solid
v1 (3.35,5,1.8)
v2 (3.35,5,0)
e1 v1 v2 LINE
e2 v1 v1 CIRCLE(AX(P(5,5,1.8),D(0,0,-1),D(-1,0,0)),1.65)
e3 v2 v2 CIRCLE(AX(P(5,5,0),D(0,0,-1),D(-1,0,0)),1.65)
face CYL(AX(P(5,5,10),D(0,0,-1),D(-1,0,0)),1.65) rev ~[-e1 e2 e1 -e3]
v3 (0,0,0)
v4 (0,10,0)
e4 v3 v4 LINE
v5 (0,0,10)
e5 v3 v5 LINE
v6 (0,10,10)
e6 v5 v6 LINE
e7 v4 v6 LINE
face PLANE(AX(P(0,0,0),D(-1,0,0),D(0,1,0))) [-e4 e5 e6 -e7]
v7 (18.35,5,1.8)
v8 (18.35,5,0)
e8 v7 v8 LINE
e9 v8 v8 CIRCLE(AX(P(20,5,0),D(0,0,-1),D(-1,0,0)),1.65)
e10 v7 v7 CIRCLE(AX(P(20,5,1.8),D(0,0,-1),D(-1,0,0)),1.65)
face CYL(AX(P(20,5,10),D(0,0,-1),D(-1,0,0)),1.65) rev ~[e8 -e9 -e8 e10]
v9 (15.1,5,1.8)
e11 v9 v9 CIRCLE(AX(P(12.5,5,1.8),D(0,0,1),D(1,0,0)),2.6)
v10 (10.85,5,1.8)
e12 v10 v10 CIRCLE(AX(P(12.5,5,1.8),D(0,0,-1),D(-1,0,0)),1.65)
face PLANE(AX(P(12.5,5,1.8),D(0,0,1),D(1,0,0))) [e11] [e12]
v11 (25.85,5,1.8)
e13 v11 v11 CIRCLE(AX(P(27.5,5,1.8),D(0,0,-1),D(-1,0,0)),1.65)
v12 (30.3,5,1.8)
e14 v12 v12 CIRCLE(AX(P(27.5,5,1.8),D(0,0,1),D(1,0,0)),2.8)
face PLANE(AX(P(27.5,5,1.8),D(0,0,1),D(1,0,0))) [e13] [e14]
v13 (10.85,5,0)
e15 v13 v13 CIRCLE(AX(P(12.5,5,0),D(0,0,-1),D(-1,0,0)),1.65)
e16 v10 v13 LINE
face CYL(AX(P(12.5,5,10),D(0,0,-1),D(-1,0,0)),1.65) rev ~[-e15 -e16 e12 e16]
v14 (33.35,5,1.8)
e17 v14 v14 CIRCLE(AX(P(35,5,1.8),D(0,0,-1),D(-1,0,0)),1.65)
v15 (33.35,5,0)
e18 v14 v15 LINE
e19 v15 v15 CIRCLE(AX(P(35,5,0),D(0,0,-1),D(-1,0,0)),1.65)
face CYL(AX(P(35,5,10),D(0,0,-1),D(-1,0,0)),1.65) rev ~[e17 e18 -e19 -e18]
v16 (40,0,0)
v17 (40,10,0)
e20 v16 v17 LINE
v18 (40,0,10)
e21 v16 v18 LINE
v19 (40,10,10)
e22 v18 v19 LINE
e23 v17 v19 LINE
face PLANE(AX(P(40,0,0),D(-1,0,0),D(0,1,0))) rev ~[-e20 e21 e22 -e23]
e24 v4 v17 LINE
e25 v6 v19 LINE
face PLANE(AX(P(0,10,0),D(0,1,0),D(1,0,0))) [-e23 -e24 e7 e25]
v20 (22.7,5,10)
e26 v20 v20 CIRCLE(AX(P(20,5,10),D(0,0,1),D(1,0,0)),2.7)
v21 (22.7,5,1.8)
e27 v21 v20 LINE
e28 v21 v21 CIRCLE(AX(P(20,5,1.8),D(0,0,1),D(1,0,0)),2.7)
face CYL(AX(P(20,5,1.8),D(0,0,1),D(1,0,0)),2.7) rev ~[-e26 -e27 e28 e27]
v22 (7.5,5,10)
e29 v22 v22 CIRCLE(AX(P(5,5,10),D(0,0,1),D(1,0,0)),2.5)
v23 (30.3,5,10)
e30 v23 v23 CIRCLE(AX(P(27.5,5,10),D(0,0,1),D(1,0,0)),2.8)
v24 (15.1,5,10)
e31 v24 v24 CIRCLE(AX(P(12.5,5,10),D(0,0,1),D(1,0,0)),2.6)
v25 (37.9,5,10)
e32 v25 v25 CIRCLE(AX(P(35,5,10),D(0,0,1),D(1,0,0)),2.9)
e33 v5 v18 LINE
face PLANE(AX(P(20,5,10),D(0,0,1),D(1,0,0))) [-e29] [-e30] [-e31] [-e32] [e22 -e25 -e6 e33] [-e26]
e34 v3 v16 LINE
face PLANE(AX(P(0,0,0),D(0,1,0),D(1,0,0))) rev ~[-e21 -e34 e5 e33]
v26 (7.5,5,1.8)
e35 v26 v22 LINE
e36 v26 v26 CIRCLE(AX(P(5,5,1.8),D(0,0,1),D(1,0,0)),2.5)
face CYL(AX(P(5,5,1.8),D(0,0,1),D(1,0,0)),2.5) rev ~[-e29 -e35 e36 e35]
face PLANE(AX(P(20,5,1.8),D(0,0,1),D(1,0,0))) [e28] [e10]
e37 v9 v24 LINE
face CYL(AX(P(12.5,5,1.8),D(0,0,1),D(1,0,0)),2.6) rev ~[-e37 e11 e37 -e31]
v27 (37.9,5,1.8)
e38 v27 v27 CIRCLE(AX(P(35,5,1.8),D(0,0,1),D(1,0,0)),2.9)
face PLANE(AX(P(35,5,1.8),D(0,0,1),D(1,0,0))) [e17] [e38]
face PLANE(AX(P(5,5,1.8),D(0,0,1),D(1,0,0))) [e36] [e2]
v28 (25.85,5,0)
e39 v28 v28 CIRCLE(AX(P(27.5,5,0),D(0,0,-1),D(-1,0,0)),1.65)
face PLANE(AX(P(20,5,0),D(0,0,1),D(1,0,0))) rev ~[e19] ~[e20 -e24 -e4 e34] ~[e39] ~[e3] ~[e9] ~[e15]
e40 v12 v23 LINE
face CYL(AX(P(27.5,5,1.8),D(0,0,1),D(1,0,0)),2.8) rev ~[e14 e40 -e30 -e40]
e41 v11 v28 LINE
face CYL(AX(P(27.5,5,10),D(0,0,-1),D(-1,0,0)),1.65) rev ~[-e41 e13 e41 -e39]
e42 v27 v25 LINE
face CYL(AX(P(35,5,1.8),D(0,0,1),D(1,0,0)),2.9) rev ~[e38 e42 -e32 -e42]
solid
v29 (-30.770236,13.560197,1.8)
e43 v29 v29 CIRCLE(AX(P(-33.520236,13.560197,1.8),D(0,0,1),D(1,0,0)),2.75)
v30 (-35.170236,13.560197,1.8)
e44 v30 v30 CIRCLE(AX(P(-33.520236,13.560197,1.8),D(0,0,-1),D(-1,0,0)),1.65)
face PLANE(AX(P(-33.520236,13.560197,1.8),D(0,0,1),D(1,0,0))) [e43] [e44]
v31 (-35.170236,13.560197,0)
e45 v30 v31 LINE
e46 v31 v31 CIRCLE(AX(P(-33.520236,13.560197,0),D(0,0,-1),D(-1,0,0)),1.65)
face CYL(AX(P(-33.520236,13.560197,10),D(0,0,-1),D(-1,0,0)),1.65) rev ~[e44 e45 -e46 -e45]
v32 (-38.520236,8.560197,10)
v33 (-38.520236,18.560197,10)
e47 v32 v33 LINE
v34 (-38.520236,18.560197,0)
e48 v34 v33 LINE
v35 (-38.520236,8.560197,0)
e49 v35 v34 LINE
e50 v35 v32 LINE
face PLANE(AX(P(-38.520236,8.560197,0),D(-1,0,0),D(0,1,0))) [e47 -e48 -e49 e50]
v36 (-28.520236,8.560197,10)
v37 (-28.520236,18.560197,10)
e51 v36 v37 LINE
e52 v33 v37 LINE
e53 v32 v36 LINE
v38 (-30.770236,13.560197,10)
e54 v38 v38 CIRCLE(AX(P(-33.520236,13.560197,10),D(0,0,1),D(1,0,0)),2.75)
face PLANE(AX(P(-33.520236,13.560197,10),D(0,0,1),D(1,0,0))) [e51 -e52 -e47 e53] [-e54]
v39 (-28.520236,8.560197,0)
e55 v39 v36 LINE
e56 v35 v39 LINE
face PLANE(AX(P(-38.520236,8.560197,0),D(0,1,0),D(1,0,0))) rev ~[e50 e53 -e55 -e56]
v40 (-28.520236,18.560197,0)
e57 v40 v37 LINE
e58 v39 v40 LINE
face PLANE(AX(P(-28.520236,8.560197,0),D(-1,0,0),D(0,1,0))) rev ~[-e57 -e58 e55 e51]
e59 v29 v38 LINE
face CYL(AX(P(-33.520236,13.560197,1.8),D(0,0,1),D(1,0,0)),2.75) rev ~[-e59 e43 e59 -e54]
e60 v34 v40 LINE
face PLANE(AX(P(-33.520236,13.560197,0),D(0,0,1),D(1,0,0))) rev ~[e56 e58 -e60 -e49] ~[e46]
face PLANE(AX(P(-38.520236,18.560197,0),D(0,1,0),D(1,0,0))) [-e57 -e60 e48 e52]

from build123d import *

# Parameters (mm, degrees)
F0_W            = 40
F0_H            = 10
F1_DEPTH        = 10
F3_D            = 3.3
F3_CBORE_D      = 5
F3_CBORE_DEPTH  = 8.2
F4_D            = 3.3
F4_CBORE_D      = 5.2
F4_CBORE_DEPTH  = 8.2
F5_D            = 3.3
F5_CBORE_D      = 5.4
F5_CBORE_DEPTH  = 8.2
F6_D            = 3.3
F6_CBORE_D      = 5.6
F6_CBORE_DEPTH  = 8.2
F7_D            = 3.3
F7_CBORE_D      = 5.8
F7_CBORE_DEPTH  = 8.2
F8_W            = 10
F8_H            = 10
F9_DEPTH        = 10
F11_D           = 3.3
F11_CBORE_D     = 5.5
F11_CBORE_DEPTH = 8.2


with BuildPart() as f1:
    # F0 (on Top) → F1 (new body)
    with BuildSketch(Plane.XY):
        with Locations((20, 5)):
            Rectangle(F0_W, F0_H)
    extrude(amount=F1_DEPTH)

    # F3 (through all)
    with Locations(Plane.XY.offset(10)):
        with Locations((5, 5)):
            CounterBoreHole(F3_D / 2, F3_CBORE_D / 2, F3_CBORE_DEPTH)

    # F4 (through all)
    with Locations(Plane.XY.offset(10)):
        with Locations((12.5, 5)):
            CounterBoreHole(F4_D / 2, F4_CBORE_D / 2, F4_CBORE_DEPTH)

    # F5 (through all)
    with Locations(Plane.XY.offset(10)):
        with Locations((20, 5)):
            CounterBoreHole(F5_D / 2, F5_CBORE_D / 2, F5_CBORE_DEPTH)

    # F6 (through all)
    with Locations(Plane.XY.offset(10)):
        with Locations((27.5, 5)):
            CounterBoreHole(F6_D / 2, F6_CBORE_D / 2, F6_CBORE_DEPTH)

    # F7 (through all)
    with Locations(Plane.XY.offset(10)):
        with Locations((35, 5)):
            CounterBoreHole(F7_D / 2, F7_CBORE_D / 2, F7_CBORE_DEPTH)


with BuildPart() as f9:
    # F8 (on Top) → F9 (new body)
    with BuildSketch(Plane.XY):
        with Locations((-33.520236, 13.560197)):
            Rectangle(F8_W, F8_H)
    extrude(amount=F9_DEPTH)

    # F11 (through all)
    with Locations(Plane.XY.offset(10)):
        with Locations((-33.520236, 13.560197)):
            CounterBoreHole(F11_D / 2, F11_CBORE_D / 2, F11_CBORE_DEPTH)


solid = Compound([f1.part, f9.part])
